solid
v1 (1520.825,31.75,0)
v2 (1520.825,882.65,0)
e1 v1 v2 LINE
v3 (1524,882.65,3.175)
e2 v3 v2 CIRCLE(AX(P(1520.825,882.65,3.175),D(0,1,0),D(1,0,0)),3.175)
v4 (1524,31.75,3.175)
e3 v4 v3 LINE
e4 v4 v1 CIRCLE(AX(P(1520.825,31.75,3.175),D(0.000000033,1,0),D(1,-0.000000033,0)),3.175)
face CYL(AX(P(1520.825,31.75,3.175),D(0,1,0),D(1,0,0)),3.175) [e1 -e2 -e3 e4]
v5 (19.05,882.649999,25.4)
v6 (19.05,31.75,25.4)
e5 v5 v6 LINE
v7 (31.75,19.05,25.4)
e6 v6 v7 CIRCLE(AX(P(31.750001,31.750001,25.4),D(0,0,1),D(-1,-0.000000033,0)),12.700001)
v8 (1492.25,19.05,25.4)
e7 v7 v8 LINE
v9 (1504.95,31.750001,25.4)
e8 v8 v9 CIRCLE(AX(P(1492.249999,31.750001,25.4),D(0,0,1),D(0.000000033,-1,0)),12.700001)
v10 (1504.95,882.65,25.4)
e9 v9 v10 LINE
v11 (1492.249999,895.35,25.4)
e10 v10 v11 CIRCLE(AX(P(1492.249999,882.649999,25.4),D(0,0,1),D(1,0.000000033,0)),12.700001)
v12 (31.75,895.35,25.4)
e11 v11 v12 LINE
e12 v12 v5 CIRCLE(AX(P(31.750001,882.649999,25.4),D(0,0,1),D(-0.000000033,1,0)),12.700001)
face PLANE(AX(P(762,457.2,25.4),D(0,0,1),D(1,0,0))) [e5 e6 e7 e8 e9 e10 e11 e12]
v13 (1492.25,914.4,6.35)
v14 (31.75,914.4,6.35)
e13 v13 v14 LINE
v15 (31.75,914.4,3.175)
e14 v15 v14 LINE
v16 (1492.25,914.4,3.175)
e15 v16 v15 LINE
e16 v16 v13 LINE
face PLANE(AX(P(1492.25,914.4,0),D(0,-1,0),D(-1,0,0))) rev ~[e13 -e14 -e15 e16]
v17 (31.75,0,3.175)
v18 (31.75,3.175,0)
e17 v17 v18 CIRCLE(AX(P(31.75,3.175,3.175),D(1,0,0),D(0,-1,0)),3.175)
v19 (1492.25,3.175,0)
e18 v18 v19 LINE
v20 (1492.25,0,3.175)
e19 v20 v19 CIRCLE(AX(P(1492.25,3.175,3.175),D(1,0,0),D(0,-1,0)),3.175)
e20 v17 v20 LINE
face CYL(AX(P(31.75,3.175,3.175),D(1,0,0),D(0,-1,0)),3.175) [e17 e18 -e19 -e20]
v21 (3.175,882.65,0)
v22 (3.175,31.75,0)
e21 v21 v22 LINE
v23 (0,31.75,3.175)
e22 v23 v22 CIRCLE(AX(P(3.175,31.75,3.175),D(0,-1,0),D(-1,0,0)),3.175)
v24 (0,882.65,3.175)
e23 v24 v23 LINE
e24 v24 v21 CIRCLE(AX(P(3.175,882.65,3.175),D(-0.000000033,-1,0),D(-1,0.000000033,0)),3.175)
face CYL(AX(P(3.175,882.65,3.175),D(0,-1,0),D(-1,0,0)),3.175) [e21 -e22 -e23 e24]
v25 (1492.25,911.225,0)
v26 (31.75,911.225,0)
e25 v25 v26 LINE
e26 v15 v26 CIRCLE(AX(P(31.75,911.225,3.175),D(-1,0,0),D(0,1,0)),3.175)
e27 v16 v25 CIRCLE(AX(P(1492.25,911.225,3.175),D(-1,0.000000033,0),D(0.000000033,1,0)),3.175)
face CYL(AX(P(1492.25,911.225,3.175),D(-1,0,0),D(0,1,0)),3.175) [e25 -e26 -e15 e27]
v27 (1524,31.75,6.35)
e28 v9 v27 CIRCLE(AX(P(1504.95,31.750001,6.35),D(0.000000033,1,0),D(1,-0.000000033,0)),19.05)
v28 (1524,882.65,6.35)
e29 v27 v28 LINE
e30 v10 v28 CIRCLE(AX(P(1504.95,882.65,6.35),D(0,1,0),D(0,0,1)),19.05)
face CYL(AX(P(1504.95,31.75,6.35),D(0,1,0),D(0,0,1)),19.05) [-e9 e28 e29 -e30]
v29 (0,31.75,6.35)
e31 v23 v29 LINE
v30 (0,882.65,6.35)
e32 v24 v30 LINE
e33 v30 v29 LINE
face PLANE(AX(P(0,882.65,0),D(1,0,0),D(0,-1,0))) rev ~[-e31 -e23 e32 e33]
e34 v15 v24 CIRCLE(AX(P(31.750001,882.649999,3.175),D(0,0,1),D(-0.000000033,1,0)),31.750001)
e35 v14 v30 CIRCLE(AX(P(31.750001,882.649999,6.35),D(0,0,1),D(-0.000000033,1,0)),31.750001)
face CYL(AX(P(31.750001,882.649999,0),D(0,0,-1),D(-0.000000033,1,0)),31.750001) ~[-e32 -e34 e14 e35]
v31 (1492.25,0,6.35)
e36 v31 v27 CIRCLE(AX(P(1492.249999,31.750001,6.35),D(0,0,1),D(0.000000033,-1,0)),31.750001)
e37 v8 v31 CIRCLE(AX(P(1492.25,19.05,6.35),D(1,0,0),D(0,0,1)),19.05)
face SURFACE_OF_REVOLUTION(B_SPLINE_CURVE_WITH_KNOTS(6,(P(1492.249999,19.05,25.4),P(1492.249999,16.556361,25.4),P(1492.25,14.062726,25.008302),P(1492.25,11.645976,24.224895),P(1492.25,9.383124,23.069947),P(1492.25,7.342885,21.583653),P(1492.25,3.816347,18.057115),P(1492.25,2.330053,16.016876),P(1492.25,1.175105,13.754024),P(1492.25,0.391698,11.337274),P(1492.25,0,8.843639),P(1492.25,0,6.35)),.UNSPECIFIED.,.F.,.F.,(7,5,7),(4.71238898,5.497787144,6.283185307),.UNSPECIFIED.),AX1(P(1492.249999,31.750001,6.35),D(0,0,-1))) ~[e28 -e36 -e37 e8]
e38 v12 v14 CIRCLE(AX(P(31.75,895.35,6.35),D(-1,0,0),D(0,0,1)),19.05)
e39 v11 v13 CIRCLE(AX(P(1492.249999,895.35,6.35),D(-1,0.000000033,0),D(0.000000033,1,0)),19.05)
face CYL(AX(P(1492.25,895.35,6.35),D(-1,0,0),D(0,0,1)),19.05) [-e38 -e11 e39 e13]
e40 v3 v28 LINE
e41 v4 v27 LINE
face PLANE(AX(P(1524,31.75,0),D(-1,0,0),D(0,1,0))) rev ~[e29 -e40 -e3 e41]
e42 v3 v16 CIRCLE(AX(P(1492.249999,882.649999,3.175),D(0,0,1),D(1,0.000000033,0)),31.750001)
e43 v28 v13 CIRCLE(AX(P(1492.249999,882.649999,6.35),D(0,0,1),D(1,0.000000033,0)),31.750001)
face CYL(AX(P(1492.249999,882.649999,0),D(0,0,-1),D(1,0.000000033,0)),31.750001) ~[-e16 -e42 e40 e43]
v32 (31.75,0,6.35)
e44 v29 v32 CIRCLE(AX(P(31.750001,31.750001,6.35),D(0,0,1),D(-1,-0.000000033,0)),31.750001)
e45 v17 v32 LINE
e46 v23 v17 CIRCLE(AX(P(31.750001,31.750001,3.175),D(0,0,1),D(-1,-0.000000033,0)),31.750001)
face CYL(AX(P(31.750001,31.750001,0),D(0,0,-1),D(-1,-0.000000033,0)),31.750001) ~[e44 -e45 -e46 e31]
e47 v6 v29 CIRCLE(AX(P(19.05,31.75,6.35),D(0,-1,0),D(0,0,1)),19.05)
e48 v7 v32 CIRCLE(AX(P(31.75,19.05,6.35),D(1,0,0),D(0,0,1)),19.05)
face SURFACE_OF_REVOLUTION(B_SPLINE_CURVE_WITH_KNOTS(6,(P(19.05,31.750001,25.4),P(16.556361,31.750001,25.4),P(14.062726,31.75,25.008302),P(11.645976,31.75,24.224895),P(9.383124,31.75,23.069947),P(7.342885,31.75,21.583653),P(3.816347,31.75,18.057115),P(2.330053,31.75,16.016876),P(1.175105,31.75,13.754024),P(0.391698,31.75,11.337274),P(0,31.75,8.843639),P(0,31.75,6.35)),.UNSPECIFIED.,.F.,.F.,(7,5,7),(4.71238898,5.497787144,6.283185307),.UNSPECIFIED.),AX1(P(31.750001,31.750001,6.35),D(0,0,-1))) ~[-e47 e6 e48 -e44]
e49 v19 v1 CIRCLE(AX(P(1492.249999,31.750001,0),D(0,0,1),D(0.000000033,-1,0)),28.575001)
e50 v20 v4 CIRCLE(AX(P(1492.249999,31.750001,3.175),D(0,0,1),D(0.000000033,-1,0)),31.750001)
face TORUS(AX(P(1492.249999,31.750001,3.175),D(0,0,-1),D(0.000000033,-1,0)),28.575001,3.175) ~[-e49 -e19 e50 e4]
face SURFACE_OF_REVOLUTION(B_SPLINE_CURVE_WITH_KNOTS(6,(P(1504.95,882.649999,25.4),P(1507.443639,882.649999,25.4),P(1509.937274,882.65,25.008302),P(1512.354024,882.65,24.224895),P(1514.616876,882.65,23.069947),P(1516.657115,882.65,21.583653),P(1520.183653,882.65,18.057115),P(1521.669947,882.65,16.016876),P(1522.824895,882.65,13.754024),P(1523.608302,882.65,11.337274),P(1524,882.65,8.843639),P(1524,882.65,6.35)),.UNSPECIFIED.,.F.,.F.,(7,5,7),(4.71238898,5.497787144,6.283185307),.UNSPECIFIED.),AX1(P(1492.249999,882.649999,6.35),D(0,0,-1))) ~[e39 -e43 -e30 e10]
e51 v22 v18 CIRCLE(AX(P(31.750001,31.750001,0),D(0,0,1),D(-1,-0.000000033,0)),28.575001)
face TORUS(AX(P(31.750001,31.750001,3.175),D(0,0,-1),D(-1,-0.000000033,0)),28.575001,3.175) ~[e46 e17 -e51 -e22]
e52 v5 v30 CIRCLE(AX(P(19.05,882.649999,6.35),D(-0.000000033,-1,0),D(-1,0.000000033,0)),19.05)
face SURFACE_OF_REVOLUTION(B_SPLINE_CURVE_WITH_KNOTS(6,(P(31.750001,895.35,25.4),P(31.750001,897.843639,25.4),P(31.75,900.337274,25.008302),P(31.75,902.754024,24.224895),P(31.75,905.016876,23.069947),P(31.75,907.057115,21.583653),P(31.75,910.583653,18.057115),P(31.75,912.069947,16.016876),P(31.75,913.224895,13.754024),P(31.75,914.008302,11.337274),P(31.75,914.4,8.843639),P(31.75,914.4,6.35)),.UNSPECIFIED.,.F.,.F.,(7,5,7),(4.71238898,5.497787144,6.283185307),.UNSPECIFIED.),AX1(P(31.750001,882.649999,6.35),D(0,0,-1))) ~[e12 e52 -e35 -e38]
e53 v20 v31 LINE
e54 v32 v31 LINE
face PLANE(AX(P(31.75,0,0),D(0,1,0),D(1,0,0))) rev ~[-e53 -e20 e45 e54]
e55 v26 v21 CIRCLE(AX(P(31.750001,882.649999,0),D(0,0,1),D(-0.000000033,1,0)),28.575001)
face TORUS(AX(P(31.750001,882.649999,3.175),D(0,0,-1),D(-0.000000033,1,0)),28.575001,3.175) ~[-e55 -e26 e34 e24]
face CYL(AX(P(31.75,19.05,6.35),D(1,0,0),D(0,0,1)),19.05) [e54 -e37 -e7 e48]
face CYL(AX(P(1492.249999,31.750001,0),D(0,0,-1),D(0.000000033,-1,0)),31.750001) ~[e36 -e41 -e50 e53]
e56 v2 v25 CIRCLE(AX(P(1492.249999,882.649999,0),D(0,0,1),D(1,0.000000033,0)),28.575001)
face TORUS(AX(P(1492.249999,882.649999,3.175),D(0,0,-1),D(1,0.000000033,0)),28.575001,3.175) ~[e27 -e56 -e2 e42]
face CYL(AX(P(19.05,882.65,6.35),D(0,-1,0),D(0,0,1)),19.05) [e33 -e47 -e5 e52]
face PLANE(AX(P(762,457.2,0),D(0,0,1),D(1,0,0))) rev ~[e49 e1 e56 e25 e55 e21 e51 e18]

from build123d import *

# Parameters (mm, degrees)
F1_DEPTH = 25.4
F2_R     = 3.175
F3_R     = 19.05


with BuildPart() as f1:
    # F0 (on Top) → F1 (new body)
    with BuildSketch(Plane.XY):
        with BuildLine():
            ThreePointArc((0, 31.75), (9.29936, 9.29936), (31.75, 0))
            Line((31.75, 0), (1492.25, 0))
            ThreePointArc((1492.25, 0), (1514.70064, 9.29936), (1524, 31.75))
            Line((1524, 31.75), (1524, 882.65))
            ThreePointArc((1524, 882.65), (1514.70064, 905.10064), (1492.25, 914.4))
            Line((1492.25, 914.4), (31.75, 914.4))
            ThreePointArc((31.75, 914.4), (9.29936, 905.10064), (0, 882.65))
            Line((0, 882.65), (0, 31.75))
        make_face()
    extrude(amount=F1_DEPTH)

    # F2
    f2_edges = [f1.edges().sort_by_distance(p)[0] for p in [
        (762, 0, 0),
    ]]
    fillet(f2_edges, radius=F2_R)

    # F3
    f3_edges = [f1.edges().sort_by_distance(p)[0] for p in [
        (762, 0, 25.4),
    ]]
    fillet(f3_edges, radius=F3_R)


solid = f1.part
